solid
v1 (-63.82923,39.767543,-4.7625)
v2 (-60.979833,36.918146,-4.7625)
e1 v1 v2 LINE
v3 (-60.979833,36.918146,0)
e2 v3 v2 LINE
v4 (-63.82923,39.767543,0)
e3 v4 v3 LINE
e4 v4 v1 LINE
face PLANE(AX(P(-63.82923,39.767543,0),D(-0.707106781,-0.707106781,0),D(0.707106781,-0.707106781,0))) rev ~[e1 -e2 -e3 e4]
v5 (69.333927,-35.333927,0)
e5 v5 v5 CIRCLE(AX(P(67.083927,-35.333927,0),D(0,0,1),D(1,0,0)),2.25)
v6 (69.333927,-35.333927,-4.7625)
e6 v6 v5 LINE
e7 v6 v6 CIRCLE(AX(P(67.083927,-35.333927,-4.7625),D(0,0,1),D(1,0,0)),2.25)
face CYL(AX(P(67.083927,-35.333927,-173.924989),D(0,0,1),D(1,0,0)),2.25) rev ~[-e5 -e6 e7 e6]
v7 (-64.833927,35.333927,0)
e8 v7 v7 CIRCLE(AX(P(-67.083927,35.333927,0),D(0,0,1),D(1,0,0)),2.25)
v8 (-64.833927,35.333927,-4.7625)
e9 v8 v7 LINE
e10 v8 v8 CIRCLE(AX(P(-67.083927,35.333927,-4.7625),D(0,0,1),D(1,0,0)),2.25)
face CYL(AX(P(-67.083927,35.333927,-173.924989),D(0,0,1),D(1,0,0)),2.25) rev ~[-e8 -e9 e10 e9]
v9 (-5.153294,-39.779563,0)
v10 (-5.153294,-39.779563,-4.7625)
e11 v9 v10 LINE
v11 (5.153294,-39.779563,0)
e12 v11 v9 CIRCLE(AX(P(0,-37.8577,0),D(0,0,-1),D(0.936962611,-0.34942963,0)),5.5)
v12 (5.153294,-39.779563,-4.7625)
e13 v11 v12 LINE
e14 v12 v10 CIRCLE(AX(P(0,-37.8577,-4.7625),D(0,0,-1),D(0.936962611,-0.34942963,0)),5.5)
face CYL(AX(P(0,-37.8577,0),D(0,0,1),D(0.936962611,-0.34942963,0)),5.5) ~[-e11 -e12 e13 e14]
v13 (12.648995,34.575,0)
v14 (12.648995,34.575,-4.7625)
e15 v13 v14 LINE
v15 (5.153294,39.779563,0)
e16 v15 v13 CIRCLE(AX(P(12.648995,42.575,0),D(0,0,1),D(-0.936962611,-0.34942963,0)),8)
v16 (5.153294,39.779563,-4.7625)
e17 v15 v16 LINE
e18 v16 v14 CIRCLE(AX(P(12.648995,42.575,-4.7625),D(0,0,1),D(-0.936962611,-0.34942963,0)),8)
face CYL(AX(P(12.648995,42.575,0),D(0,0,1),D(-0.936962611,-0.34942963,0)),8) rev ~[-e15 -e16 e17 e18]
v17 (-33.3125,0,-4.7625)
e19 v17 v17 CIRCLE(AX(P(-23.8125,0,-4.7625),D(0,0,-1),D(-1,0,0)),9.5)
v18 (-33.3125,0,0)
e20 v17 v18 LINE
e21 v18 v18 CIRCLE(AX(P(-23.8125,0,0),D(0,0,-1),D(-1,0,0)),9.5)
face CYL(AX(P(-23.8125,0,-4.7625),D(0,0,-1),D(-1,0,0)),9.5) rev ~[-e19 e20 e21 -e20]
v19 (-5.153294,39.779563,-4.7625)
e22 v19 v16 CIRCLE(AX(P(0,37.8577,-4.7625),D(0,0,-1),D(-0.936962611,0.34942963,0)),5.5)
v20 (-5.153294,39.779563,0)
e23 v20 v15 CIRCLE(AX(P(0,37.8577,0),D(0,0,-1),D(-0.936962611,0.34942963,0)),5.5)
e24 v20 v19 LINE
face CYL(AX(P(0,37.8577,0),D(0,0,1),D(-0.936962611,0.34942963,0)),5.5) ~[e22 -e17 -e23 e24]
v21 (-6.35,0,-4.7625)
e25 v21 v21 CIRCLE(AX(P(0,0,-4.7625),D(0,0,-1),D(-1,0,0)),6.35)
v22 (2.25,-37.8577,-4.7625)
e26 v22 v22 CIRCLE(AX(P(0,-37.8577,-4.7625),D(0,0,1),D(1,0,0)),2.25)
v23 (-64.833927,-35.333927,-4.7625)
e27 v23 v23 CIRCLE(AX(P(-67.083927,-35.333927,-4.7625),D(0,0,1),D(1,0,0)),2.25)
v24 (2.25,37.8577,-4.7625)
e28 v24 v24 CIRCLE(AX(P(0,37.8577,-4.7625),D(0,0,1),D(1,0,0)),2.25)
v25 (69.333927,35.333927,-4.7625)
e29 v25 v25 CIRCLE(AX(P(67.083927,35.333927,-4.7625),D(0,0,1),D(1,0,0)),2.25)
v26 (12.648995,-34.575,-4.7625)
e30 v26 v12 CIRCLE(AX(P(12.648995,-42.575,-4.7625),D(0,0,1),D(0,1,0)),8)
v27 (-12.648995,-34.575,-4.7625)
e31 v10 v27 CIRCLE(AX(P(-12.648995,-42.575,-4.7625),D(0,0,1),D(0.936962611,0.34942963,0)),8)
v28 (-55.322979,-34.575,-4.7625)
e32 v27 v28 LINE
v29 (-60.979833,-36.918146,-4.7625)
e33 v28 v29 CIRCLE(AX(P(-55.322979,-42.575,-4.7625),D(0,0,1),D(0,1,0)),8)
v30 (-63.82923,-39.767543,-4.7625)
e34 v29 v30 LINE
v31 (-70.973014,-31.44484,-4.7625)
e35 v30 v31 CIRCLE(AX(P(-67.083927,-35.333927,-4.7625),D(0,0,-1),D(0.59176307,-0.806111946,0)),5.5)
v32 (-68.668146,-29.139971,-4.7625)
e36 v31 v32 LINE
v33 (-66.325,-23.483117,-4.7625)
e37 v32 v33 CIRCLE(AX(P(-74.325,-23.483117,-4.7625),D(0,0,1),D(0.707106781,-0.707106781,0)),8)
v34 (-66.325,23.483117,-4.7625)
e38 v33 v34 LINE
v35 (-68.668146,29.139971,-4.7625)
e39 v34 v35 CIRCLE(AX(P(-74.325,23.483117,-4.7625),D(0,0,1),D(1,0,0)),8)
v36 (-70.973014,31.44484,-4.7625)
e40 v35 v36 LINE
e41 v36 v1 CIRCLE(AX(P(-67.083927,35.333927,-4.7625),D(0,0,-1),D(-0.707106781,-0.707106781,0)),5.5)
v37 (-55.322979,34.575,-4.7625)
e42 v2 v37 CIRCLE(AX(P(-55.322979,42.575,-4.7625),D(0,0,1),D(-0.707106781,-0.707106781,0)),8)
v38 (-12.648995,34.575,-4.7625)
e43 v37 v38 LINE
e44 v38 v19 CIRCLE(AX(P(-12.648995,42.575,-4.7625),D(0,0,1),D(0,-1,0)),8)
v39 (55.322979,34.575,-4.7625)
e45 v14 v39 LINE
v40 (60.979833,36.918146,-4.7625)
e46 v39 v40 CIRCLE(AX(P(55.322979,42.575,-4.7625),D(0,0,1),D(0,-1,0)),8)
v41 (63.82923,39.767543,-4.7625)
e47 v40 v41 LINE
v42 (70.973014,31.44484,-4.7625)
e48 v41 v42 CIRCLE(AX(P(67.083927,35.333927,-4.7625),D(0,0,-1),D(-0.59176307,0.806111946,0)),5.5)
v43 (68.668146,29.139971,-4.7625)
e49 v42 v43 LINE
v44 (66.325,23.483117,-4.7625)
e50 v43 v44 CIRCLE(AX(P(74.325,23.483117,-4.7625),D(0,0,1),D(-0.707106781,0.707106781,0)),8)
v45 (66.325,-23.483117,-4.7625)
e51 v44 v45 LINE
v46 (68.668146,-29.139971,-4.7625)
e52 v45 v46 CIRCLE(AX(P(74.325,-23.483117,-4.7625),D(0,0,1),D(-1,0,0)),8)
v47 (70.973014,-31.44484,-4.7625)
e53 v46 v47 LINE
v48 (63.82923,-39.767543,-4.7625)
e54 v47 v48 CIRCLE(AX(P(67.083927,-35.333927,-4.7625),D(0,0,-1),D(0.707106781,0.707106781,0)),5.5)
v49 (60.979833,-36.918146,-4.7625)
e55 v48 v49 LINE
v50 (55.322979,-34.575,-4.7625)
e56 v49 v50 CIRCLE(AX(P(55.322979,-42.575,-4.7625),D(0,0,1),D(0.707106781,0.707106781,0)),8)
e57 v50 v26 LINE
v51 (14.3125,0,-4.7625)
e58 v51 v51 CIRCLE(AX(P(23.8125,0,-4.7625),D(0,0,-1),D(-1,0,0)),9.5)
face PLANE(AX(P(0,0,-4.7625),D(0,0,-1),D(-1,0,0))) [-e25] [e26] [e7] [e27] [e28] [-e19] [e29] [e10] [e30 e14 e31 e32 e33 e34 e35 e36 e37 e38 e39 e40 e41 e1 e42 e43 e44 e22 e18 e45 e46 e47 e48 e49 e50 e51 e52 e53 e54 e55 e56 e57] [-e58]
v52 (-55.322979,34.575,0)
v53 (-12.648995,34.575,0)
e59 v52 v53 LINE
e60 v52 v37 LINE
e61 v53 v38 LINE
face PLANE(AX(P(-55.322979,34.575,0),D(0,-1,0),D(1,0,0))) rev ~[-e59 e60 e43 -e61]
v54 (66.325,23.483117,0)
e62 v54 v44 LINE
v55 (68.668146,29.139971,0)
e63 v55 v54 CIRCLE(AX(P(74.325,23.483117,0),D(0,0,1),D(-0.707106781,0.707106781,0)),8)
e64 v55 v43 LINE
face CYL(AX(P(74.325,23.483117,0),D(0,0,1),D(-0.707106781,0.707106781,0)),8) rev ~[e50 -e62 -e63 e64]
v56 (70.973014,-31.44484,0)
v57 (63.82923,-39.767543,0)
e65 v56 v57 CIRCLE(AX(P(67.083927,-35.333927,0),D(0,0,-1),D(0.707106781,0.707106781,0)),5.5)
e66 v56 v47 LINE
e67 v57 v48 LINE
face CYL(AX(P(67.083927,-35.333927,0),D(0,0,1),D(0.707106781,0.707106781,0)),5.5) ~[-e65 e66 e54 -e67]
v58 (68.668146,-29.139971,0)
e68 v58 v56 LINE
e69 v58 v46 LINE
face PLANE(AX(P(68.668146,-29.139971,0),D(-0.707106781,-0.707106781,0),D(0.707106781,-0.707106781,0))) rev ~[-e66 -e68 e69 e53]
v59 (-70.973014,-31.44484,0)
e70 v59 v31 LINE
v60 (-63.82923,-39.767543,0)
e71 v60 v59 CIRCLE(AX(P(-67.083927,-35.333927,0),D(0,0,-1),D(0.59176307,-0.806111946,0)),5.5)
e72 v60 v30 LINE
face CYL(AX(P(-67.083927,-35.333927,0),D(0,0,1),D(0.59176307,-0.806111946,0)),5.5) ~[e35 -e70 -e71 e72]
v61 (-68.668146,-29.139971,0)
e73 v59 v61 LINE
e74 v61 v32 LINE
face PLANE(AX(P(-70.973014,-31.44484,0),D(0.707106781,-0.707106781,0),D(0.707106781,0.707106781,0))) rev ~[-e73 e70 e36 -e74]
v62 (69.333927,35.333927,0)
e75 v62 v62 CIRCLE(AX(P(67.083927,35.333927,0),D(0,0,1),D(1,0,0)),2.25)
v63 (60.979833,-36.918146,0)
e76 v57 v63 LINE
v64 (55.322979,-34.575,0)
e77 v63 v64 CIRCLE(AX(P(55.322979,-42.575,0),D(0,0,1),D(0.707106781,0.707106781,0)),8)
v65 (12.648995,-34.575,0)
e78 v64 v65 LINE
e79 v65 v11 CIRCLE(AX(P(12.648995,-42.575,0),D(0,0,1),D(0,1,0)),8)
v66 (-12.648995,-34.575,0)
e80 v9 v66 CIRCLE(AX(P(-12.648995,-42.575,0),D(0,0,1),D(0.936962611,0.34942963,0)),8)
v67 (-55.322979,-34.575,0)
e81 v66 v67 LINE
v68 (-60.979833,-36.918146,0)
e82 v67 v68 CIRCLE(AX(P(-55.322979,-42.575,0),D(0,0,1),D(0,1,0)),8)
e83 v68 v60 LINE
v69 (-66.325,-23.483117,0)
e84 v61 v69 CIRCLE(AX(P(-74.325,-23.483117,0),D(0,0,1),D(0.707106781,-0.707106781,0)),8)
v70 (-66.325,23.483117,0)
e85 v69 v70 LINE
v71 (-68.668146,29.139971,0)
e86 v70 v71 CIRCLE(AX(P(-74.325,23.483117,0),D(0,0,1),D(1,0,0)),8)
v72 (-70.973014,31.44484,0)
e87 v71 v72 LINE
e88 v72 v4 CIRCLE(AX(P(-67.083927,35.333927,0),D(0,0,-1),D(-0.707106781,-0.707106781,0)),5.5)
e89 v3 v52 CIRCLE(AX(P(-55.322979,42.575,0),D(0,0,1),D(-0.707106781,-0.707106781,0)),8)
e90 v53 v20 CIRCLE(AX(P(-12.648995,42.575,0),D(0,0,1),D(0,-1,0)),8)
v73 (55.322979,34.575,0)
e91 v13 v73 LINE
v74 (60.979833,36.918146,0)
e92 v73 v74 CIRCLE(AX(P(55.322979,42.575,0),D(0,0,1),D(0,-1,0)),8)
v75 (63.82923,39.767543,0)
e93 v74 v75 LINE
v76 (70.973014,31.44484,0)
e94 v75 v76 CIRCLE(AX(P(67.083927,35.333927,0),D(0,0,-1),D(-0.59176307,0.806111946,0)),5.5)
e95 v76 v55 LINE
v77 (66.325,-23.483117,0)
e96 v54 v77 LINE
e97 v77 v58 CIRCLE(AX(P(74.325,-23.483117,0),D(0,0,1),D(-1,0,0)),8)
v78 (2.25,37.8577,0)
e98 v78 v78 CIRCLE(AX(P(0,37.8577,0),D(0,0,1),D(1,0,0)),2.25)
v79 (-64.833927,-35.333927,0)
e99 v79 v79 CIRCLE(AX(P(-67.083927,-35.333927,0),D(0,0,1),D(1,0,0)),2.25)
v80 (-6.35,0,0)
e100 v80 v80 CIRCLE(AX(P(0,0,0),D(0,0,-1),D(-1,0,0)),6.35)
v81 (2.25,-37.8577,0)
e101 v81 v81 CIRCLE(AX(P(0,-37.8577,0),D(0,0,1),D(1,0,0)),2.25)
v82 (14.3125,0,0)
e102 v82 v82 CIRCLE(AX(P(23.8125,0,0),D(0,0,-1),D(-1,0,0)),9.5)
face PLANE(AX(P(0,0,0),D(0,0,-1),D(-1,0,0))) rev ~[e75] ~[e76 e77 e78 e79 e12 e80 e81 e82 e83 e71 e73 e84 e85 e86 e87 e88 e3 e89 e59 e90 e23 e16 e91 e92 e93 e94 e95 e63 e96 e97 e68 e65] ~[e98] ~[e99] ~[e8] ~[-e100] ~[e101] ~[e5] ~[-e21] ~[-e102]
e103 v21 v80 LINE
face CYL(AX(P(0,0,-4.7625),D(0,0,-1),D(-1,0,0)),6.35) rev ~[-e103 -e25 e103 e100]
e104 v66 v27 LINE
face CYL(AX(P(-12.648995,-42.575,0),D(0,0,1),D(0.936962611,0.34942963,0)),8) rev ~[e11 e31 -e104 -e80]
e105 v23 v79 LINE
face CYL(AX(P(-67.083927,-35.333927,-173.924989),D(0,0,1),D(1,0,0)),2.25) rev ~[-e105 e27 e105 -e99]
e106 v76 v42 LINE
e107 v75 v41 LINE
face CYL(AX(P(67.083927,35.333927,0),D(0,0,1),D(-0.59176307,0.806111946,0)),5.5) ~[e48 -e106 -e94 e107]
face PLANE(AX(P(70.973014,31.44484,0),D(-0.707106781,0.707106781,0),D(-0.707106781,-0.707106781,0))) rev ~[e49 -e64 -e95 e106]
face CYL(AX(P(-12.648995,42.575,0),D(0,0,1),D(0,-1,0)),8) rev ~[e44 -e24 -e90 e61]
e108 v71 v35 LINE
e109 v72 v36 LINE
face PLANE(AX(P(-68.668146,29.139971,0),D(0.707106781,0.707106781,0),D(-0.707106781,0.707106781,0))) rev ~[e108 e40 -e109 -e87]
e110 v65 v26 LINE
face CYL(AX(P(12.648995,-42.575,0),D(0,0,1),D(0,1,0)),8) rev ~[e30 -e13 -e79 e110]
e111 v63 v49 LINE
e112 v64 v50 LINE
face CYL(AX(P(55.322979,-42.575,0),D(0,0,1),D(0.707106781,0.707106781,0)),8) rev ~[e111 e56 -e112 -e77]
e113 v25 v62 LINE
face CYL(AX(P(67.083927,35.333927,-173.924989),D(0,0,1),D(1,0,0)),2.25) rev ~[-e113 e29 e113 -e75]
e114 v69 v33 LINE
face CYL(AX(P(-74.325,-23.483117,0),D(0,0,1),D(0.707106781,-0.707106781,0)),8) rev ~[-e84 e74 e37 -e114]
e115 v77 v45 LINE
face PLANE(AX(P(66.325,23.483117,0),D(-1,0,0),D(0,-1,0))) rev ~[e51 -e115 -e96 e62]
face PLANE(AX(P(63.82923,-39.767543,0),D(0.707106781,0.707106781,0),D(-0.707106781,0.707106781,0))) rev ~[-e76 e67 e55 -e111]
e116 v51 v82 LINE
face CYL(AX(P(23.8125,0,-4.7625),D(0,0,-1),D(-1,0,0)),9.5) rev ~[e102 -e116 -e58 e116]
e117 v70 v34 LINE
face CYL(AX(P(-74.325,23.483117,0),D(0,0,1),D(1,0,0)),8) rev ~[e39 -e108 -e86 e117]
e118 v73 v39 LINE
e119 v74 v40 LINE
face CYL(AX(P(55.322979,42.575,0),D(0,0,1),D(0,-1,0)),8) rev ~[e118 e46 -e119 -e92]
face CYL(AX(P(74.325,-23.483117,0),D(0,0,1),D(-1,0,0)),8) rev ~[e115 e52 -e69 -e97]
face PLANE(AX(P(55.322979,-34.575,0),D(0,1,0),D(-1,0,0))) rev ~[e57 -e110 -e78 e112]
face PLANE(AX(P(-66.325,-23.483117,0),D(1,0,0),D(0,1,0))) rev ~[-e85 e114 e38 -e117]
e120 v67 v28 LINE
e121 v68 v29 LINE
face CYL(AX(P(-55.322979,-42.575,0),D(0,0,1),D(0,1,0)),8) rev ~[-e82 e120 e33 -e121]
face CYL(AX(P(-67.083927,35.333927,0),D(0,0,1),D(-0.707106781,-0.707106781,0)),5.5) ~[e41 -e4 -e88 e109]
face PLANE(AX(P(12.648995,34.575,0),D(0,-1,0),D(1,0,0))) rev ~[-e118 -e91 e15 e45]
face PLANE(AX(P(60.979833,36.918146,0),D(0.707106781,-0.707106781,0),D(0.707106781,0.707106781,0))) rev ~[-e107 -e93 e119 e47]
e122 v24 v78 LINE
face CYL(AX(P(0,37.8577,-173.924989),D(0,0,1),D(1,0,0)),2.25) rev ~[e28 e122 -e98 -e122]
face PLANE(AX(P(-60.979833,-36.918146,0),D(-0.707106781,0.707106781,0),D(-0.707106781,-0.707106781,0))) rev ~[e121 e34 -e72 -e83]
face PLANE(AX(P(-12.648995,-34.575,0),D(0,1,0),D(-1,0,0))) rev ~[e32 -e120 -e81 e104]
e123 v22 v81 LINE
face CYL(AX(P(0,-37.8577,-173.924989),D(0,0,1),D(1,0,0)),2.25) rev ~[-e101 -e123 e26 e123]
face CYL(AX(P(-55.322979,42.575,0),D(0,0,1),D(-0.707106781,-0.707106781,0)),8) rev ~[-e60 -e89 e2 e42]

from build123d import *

# Parameters (mm, degrees)
BOSS_EXTRUDE1_DEPTH  = 4.7625
M4_CLEARANCE_HOLE1_D = 4.5
SKETCH4_R            = 6.35
SKETCH4_R_2          = 9.5
CUT_EXTRUDE1_DEPTH   = 85.681745462


with BuildPart() as part:
    # Sketch1 → Boss-Extrude1 (new body)
    with BuildSketch(Plane.XY):
        with BuildLine():
            ThreePointArc((68.668145751, 29.139971157), (66.93396374, 26.544584367), (66.325, 23.483116908))
            Line((66.325, 23.483116908), (66.325, -23.483116908))
            ThreePointArc((66.325, -23.483116908), (66.93396374, -26.544584367), (68.668145751, -29.139971157))
            Line((68.668145751, -29.139971157), (70.973014298, -31.444839705))
            ThreePointArc((70.973014298, -31.444839705), (71.257349949, -38.916180607), (63.829230118, -39.767542704))
            Line((63.829230118, -39.767542704), (60.979833165, -36.918145751))
            ThreePointArc((60.979833165, -36.918145751), (58.384446374, -35.18396374), (55.322978915, -34.575))
            Line((55.322978915, -34.575), (12.648995245, -34.575))
            ThreePointArc((12.648995245, -34.575), (8.086292992, -36.003717922), (5.153294359, -39.779562963))
            ThreePointArc((5.153294359, -39.779562963), (0, -43.3577), (-5.153294359, -39.779562963))
            ThreePointArc((-5.153294359, -39.779562963), (-8.086292992, -36.003717922), (-12.648995245, -34.575))
            Line((-12.648995245, -34.575), (-55.322978915, -34.575))
            ThreePointArc((-55.322978915, -34.575), (-58.384446374, -35.18396374), (-60.979833165, -36.918145751))
            Line((-60.979833165, -36.918145751), (-63.829230118, -39.767542704))
            ThreePointArc((-63.829230118, -39.767542704), (-71.257349949, -38.916180607), (-70.973014298, -31.444839705))
            Line((-70.973014298, -31.444839705), (-68.668145751, -29.139971157))
            ThreePointArc((-68.668145751, -29.139971157), (-66.93396374, -26.544584367), (-66.325, -23.483116908))
            Line((-66.325, -23.483116908), (-66.325, 23.483116908))
            ThreePointArc((-66.325, 23.483116908), (-66.93396374, 26.544584367), (-68.668145751, 29.139971157))
            Line((-68.668145751, 29.139971157), (-70.973014298, 31.444839705))
            ThreePointArc((-70.973014298, 31.444839705), (-71.257349949, 38.916180607), (-63.829230118, 39.767542704))
            Line((-63.829230118, 39.767542704), (-60.979833165, 36.918145751))
            ThreePointArc((-60.979833165, 36.918145751), (-58.384446374, 35.18396374), (-55.322978915, 34.575))
            Line((-55.322978915, 34.575), (-12.648995245, 34.575))
            ThreePointArc((-12.648995245, 34.575), (-8.086292992, 36.003717922), (-5.153294359, 39.779562963))
            ThreePointArc((-5.153294359, 39.779562963), (0, 43.3577), (5.153294359, 39.779562963))
            ThreePointArc((5.153294359, 39.779562963), (8.086292992, 36.003717922), (12.648995245, 34.575))
            Line((12.648995245, 34.575), (55.322978915, 34.575))
            ThreePointArc((55.322978915, 34.575), (58.384446374, 35.18396374), (60.979833165, 36.918145751))
            Line((60.979833165, 36.918145751), (63.829230118, 39.767542704))
            ThreePointArc((63.829230118, 39.767542704), (71.257349949, 38.916180607), (70.973014298, 31.444839705))
            Line((70.973014298, 31.444839705), (68.668145751, 29.139971157))
        make_face()
    extrude(amount=-BOSS_EXTRUDE1_DEPTH)

    # M4 Clearance Hole1 (through all)
    with Locations(Plane(origin=(0, 0, -4.7625), x_dir=(-1, 0, 0), z_dir=(0, 0, -1))):
        with Locations((-67.083927001, -35.333927001), (-67.083927001, 35.333927001), (0, 37.8577), (67.083927001, 35.333927001), (67.083927001, -35.333927001), (0, -37.8577)):
            Hole(M4_CLEARANCE_HOLE1_D / 2)

    # Sketch4 → Cut-Extrude1 (cut, through all)
    with BuildSketch(Plane(origin=(0, 0, -4.7625), x_dir=(-1, 0, 0), z_dir=(0, 0, -1))):
        Circle(SKETCH4_R)
        with Locations((-23.8125, 0)):
            Circle(SKETCH4_R_2)
        with Locations((23.8125, 0)):
            Circle(SKETCH4_R_2)
    extrude(amount=-CUT_EXTRUDE1_DEPTH, mode=Mode.SUBTRACT)


solid = part.part
